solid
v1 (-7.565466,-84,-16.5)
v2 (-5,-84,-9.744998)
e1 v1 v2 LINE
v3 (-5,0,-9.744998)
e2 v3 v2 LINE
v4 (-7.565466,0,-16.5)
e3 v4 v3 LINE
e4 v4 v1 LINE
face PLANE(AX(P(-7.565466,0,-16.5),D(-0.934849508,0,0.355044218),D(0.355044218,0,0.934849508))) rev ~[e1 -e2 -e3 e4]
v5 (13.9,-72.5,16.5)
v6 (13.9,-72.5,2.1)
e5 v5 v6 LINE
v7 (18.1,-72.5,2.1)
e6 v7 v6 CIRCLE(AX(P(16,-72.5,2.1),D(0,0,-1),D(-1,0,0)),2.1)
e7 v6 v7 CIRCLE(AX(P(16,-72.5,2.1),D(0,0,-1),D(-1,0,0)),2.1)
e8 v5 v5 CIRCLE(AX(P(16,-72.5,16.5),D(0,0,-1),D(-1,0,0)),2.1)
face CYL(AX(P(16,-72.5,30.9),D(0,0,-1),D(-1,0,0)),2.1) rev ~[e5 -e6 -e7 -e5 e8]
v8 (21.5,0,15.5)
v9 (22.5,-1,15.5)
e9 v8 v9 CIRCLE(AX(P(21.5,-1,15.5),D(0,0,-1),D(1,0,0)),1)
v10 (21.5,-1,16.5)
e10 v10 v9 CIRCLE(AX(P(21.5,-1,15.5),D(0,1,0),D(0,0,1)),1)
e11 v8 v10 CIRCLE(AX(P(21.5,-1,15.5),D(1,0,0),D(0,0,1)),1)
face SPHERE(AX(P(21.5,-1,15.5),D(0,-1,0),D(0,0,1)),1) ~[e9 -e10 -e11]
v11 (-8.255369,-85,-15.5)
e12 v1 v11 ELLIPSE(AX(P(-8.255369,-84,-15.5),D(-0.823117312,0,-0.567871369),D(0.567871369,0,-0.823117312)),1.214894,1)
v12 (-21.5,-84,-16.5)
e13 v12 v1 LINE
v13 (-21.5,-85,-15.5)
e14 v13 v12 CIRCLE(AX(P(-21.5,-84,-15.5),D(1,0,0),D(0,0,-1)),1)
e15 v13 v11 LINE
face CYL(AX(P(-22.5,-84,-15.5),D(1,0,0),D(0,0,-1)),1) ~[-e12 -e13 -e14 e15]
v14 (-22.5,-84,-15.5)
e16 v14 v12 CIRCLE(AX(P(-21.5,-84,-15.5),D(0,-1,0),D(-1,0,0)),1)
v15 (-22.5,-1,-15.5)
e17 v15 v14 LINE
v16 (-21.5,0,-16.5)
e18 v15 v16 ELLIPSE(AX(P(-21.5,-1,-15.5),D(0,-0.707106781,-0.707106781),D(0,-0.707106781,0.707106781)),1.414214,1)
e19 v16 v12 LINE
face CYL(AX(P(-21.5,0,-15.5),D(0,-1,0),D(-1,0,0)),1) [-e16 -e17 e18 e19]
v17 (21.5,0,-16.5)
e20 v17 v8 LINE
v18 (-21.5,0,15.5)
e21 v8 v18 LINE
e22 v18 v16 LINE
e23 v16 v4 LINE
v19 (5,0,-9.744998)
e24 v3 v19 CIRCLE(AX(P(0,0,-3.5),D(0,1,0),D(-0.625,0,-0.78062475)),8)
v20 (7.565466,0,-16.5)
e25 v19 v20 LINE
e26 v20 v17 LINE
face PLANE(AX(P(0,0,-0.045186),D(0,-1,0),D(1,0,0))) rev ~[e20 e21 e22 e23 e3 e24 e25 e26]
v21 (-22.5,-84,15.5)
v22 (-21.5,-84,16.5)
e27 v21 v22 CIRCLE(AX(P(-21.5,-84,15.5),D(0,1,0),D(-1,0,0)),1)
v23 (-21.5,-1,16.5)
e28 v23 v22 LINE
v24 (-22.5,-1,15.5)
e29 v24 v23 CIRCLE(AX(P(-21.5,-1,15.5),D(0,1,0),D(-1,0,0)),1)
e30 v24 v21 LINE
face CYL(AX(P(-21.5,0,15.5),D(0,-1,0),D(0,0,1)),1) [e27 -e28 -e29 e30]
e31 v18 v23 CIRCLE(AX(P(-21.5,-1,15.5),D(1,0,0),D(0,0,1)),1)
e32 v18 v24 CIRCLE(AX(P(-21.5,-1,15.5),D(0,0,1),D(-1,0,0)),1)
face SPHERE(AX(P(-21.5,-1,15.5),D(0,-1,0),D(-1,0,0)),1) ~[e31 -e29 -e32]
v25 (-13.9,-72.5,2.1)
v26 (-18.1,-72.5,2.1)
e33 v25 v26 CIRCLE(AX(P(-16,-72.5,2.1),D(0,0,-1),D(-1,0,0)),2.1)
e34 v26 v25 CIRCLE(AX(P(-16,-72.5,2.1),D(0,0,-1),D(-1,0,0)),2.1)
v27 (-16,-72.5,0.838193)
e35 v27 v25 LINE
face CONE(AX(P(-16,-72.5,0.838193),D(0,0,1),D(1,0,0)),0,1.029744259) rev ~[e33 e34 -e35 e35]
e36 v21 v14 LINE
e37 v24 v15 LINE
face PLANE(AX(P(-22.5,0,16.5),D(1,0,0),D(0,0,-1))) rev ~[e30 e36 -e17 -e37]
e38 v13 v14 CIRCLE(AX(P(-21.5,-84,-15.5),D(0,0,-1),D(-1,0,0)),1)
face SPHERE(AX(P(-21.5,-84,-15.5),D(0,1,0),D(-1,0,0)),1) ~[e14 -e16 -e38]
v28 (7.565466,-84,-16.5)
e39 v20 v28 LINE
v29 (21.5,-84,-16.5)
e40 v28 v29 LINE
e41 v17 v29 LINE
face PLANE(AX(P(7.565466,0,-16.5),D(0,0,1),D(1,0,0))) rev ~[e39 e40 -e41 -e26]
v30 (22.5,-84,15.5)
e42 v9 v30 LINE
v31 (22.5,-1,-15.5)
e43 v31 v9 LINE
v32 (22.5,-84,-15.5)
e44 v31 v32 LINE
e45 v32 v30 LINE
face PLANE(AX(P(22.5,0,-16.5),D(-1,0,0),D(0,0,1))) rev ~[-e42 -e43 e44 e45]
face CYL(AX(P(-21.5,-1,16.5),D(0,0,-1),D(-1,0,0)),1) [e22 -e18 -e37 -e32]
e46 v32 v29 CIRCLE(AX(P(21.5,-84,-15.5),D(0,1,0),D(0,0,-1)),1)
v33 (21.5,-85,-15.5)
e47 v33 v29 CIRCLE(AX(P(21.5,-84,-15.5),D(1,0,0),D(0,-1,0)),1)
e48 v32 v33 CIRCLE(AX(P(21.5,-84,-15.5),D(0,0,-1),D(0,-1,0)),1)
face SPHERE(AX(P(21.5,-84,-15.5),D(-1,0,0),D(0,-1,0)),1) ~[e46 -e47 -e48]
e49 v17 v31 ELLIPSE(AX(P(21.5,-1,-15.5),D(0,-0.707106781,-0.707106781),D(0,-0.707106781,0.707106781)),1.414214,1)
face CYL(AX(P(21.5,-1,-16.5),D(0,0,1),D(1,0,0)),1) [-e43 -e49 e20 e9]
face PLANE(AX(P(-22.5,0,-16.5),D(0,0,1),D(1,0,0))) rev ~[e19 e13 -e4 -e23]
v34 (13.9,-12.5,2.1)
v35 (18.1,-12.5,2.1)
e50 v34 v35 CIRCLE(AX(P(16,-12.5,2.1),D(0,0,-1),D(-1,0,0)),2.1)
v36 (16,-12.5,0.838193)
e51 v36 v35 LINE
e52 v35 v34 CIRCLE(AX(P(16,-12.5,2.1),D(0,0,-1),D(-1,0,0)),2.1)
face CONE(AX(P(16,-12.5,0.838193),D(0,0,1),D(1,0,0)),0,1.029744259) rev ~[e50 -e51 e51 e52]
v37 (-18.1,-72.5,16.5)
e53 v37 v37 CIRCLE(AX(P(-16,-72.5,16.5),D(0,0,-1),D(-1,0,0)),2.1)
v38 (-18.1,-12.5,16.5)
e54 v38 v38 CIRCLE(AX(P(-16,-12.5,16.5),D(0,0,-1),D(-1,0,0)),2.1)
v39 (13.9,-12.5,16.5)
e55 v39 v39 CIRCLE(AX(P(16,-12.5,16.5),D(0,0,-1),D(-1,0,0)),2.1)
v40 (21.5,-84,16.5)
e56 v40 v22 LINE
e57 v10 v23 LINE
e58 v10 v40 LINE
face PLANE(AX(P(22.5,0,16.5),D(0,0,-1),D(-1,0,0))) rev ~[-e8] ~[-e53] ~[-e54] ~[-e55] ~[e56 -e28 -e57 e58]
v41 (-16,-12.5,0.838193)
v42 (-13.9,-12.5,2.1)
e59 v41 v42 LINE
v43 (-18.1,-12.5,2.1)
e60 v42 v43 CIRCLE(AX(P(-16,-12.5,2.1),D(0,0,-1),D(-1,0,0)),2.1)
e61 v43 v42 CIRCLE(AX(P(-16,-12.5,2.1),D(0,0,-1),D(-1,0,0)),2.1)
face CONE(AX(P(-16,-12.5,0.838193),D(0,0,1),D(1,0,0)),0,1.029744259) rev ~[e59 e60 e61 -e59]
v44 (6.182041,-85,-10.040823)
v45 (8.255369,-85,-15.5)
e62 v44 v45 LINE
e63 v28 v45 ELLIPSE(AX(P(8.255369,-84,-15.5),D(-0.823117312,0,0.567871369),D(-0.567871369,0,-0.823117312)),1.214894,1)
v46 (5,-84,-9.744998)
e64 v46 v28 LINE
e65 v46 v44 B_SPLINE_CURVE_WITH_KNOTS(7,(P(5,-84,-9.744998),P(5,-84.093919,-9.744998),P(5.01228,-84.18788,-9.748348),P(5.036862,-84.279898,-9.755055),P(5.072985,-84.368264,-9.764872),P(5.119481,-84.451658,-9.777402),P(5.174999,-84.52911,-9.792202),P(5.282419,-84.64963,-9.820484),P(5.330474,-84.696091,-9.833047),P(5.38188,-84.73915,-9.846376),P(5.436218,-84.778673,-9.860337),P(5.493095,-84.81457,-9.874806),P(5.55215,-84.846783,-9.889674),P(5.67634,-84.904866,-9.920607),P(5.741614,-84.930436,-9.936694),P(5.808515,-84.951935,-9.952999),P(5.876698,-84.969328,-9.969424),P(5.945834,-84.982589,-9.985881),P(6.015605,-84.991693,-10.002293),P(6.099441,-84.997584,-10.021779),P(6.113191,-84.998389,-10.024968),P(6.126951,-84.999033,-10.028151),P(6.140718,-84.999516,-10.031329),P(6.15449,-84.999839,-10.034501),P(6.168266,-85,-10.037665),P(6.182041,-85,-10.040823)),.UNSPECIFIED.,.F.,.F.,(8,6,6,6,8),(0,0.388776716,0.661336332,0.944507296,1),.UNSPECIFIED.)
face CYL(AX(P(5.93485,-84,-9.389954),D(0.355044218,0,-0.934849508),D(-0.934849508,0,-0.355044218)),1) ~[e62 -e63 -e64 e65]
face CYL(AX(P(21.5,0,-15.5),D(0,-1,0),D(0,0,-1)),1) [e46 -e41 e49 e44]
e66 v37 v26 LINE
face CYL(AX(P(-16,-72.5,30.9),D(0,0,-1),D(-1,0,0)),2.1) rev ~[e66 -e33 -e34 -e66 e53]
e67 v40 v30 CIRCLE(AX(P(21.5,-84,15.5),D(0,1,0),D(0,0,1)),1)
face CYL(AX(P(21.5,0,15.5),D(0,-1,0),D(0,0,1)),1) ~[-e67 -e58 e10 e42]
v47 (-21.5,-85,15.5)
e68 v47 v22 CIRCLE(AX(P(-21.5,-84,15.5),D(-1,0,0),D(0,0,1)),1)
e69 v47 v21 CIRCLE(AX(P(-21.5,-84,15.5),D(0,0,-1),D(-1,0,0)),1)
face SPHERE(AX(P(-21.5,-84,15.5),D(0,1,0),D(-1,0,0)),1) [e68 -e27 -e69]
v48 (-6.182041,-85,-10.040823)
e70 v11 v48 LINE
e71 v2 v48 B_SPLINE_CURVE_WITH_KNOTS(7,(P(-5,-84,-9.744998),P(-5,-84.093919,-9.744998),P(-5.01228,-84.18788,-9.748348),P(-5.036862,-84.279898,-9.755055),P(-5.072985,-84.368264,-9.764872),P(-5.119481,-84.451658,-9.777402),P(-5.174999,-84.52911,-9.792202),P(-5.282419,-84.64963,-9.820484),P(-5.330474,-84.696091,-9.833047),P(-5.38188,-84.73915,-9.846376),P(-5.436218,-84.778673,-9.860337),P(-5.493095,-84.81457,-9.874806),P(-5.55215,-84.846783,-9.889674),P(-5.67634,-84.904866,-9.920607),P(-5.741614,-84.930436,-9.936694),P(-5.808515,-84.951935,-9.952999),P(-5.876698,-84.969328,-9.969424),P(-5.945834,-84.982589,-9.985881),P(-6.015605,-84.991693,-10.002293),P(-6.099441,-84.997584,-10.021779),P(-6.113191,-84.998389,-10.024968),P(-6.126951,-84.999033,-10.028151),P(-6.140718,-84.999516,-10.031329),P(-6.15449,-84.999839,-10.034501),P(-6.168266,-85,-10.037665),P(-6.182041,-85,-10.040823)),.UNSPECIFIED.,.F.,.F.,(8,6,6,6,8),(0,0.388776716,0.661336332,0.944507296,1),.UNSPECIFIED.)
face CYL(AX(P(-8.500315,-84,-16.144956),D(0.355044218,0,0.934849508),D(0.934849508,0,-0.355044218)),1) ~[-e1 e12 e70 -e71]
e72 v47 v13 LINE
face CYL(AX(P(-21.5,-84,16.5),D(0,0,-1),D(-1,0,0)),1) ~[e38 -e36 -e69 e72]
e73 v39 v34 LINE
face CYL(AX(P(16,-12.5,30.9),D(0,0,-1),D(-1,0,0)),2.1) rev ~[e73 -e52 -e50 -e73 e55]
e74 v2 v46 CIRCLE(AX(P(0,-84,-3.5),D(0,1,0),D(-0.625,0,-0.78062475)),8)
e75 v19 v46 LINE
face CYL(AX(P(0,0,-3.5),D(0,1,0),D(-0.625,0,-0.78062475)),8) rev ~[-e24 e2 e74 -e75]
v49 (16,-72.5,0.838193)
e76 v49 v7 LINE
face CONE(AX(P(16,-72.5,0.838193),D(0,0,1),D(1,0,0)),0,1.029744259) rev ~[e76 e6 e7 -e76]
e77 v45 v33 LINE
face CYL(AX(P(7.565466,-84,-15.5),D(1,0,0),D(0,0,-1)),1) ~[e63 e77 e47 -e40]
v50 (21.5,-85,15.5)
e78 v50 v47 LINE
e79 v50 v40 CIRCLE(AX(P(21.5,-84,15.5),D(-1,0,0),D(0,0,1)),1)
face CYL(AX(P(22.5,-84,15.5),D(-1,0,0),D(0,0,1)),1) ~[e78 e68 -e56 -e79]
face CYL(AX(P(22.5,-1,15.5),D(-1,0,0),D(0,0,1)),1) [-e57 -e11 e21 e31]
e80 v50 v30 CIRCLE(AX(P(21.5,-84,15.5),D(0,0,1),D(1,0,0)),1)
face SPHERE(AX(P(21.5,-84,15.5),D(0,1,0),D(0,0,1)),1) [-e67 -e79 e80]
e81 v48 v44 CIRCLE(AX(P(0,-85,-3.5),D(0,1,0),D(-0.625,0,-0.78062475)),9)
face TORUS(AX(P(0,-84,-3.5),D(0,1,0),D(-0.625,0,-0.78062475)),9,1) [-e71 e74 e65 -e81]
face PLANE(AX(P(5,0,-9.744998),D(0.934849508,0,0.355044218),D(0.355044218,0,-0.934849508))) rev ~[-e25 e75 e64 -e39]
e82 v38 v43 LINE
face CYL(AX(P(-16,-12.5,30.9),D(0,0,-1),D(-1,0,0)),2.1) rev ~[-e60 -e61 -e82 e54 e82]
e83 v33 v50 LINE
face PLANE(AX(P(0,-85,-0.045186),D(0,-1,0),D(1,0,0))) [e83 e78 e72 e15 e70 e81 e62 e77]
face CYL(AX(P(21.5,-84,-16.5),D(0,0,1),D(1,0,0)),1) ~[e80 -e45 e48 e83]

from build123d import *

# Parameters (mm, degrees)
F1_DEPTH = 85
F2_R     = 1
F4_D     = 4.2
F4_DEPTH = 14.4
F4_TIP   = 1.2618073


with BuildPart() as f1:
    # F0 (on Front) → F1 (new body)
    with BuildSketch(Plane.XZ):
        with BuildLine():
            Line((22.5, 16.5), (-22.5, 16.5))
            Line((-22.5, 16.5), (-22.5, -16.5))
            Line((-22.5, -16.5), (-7.5654657558, -16.5))
            Line((-7.5654657558, -16.5), (-5, -9.7449979984))
            ThreePointArc((-5, -9.7449979984), (0, 4.5), (5, -9.7449979984))
            Line((5, -9.7449979984), (7.5654657558, -16.5))
            Line((7.5654657558, -16.5), (22.5, -16.5))
            Line((22.5, -16.5), (22.5, 16.5))
        make_face()
    extrude(amount=F1_DEPTH)

    # F2
    f2_edges = [f1.edges().sort_by_distance(p)[0] for p in [
        (-22.5, -42.5, 16.5),
        (-22.5, -42.5, -16.5),
        (-22.5, 0, 0),
        (-22.5, -85, 0),
        (22.5, -42.5, 16.5),
        (0, 0, 16.5),
        (0, -85, 16.5),
        (-15.032733, -85, -16.5),
        (-6.282733, -85, -13.122499),
        (0, -85, 4.5),
        (6.282733, -85, -13.122499),
        (15.032733, -85, -16.5),
        (22.5, -85, 0),
        (22.5, -42.5, -16.5),
        (22.5, 0, 0),
    ]]
    fillet(f2_edges, radius=F2_R)

    # F4
    with Locations(Plane.XY.offset(16.5)):
        with Locations((-16, -12.5), (16, -12.5), (-16, -72.5), (16, -72.5)):
            Hole(F4_D / 2, depth=F4_DEPTH)
            with Locations((0, 0, -(F4_DEPTH + F4_TIP / 2))):  # 118° drill point
                Cone(0, F4_D / 2, F4_TIP, mode=Mode.SUBTRACT)


solid = f1.part
